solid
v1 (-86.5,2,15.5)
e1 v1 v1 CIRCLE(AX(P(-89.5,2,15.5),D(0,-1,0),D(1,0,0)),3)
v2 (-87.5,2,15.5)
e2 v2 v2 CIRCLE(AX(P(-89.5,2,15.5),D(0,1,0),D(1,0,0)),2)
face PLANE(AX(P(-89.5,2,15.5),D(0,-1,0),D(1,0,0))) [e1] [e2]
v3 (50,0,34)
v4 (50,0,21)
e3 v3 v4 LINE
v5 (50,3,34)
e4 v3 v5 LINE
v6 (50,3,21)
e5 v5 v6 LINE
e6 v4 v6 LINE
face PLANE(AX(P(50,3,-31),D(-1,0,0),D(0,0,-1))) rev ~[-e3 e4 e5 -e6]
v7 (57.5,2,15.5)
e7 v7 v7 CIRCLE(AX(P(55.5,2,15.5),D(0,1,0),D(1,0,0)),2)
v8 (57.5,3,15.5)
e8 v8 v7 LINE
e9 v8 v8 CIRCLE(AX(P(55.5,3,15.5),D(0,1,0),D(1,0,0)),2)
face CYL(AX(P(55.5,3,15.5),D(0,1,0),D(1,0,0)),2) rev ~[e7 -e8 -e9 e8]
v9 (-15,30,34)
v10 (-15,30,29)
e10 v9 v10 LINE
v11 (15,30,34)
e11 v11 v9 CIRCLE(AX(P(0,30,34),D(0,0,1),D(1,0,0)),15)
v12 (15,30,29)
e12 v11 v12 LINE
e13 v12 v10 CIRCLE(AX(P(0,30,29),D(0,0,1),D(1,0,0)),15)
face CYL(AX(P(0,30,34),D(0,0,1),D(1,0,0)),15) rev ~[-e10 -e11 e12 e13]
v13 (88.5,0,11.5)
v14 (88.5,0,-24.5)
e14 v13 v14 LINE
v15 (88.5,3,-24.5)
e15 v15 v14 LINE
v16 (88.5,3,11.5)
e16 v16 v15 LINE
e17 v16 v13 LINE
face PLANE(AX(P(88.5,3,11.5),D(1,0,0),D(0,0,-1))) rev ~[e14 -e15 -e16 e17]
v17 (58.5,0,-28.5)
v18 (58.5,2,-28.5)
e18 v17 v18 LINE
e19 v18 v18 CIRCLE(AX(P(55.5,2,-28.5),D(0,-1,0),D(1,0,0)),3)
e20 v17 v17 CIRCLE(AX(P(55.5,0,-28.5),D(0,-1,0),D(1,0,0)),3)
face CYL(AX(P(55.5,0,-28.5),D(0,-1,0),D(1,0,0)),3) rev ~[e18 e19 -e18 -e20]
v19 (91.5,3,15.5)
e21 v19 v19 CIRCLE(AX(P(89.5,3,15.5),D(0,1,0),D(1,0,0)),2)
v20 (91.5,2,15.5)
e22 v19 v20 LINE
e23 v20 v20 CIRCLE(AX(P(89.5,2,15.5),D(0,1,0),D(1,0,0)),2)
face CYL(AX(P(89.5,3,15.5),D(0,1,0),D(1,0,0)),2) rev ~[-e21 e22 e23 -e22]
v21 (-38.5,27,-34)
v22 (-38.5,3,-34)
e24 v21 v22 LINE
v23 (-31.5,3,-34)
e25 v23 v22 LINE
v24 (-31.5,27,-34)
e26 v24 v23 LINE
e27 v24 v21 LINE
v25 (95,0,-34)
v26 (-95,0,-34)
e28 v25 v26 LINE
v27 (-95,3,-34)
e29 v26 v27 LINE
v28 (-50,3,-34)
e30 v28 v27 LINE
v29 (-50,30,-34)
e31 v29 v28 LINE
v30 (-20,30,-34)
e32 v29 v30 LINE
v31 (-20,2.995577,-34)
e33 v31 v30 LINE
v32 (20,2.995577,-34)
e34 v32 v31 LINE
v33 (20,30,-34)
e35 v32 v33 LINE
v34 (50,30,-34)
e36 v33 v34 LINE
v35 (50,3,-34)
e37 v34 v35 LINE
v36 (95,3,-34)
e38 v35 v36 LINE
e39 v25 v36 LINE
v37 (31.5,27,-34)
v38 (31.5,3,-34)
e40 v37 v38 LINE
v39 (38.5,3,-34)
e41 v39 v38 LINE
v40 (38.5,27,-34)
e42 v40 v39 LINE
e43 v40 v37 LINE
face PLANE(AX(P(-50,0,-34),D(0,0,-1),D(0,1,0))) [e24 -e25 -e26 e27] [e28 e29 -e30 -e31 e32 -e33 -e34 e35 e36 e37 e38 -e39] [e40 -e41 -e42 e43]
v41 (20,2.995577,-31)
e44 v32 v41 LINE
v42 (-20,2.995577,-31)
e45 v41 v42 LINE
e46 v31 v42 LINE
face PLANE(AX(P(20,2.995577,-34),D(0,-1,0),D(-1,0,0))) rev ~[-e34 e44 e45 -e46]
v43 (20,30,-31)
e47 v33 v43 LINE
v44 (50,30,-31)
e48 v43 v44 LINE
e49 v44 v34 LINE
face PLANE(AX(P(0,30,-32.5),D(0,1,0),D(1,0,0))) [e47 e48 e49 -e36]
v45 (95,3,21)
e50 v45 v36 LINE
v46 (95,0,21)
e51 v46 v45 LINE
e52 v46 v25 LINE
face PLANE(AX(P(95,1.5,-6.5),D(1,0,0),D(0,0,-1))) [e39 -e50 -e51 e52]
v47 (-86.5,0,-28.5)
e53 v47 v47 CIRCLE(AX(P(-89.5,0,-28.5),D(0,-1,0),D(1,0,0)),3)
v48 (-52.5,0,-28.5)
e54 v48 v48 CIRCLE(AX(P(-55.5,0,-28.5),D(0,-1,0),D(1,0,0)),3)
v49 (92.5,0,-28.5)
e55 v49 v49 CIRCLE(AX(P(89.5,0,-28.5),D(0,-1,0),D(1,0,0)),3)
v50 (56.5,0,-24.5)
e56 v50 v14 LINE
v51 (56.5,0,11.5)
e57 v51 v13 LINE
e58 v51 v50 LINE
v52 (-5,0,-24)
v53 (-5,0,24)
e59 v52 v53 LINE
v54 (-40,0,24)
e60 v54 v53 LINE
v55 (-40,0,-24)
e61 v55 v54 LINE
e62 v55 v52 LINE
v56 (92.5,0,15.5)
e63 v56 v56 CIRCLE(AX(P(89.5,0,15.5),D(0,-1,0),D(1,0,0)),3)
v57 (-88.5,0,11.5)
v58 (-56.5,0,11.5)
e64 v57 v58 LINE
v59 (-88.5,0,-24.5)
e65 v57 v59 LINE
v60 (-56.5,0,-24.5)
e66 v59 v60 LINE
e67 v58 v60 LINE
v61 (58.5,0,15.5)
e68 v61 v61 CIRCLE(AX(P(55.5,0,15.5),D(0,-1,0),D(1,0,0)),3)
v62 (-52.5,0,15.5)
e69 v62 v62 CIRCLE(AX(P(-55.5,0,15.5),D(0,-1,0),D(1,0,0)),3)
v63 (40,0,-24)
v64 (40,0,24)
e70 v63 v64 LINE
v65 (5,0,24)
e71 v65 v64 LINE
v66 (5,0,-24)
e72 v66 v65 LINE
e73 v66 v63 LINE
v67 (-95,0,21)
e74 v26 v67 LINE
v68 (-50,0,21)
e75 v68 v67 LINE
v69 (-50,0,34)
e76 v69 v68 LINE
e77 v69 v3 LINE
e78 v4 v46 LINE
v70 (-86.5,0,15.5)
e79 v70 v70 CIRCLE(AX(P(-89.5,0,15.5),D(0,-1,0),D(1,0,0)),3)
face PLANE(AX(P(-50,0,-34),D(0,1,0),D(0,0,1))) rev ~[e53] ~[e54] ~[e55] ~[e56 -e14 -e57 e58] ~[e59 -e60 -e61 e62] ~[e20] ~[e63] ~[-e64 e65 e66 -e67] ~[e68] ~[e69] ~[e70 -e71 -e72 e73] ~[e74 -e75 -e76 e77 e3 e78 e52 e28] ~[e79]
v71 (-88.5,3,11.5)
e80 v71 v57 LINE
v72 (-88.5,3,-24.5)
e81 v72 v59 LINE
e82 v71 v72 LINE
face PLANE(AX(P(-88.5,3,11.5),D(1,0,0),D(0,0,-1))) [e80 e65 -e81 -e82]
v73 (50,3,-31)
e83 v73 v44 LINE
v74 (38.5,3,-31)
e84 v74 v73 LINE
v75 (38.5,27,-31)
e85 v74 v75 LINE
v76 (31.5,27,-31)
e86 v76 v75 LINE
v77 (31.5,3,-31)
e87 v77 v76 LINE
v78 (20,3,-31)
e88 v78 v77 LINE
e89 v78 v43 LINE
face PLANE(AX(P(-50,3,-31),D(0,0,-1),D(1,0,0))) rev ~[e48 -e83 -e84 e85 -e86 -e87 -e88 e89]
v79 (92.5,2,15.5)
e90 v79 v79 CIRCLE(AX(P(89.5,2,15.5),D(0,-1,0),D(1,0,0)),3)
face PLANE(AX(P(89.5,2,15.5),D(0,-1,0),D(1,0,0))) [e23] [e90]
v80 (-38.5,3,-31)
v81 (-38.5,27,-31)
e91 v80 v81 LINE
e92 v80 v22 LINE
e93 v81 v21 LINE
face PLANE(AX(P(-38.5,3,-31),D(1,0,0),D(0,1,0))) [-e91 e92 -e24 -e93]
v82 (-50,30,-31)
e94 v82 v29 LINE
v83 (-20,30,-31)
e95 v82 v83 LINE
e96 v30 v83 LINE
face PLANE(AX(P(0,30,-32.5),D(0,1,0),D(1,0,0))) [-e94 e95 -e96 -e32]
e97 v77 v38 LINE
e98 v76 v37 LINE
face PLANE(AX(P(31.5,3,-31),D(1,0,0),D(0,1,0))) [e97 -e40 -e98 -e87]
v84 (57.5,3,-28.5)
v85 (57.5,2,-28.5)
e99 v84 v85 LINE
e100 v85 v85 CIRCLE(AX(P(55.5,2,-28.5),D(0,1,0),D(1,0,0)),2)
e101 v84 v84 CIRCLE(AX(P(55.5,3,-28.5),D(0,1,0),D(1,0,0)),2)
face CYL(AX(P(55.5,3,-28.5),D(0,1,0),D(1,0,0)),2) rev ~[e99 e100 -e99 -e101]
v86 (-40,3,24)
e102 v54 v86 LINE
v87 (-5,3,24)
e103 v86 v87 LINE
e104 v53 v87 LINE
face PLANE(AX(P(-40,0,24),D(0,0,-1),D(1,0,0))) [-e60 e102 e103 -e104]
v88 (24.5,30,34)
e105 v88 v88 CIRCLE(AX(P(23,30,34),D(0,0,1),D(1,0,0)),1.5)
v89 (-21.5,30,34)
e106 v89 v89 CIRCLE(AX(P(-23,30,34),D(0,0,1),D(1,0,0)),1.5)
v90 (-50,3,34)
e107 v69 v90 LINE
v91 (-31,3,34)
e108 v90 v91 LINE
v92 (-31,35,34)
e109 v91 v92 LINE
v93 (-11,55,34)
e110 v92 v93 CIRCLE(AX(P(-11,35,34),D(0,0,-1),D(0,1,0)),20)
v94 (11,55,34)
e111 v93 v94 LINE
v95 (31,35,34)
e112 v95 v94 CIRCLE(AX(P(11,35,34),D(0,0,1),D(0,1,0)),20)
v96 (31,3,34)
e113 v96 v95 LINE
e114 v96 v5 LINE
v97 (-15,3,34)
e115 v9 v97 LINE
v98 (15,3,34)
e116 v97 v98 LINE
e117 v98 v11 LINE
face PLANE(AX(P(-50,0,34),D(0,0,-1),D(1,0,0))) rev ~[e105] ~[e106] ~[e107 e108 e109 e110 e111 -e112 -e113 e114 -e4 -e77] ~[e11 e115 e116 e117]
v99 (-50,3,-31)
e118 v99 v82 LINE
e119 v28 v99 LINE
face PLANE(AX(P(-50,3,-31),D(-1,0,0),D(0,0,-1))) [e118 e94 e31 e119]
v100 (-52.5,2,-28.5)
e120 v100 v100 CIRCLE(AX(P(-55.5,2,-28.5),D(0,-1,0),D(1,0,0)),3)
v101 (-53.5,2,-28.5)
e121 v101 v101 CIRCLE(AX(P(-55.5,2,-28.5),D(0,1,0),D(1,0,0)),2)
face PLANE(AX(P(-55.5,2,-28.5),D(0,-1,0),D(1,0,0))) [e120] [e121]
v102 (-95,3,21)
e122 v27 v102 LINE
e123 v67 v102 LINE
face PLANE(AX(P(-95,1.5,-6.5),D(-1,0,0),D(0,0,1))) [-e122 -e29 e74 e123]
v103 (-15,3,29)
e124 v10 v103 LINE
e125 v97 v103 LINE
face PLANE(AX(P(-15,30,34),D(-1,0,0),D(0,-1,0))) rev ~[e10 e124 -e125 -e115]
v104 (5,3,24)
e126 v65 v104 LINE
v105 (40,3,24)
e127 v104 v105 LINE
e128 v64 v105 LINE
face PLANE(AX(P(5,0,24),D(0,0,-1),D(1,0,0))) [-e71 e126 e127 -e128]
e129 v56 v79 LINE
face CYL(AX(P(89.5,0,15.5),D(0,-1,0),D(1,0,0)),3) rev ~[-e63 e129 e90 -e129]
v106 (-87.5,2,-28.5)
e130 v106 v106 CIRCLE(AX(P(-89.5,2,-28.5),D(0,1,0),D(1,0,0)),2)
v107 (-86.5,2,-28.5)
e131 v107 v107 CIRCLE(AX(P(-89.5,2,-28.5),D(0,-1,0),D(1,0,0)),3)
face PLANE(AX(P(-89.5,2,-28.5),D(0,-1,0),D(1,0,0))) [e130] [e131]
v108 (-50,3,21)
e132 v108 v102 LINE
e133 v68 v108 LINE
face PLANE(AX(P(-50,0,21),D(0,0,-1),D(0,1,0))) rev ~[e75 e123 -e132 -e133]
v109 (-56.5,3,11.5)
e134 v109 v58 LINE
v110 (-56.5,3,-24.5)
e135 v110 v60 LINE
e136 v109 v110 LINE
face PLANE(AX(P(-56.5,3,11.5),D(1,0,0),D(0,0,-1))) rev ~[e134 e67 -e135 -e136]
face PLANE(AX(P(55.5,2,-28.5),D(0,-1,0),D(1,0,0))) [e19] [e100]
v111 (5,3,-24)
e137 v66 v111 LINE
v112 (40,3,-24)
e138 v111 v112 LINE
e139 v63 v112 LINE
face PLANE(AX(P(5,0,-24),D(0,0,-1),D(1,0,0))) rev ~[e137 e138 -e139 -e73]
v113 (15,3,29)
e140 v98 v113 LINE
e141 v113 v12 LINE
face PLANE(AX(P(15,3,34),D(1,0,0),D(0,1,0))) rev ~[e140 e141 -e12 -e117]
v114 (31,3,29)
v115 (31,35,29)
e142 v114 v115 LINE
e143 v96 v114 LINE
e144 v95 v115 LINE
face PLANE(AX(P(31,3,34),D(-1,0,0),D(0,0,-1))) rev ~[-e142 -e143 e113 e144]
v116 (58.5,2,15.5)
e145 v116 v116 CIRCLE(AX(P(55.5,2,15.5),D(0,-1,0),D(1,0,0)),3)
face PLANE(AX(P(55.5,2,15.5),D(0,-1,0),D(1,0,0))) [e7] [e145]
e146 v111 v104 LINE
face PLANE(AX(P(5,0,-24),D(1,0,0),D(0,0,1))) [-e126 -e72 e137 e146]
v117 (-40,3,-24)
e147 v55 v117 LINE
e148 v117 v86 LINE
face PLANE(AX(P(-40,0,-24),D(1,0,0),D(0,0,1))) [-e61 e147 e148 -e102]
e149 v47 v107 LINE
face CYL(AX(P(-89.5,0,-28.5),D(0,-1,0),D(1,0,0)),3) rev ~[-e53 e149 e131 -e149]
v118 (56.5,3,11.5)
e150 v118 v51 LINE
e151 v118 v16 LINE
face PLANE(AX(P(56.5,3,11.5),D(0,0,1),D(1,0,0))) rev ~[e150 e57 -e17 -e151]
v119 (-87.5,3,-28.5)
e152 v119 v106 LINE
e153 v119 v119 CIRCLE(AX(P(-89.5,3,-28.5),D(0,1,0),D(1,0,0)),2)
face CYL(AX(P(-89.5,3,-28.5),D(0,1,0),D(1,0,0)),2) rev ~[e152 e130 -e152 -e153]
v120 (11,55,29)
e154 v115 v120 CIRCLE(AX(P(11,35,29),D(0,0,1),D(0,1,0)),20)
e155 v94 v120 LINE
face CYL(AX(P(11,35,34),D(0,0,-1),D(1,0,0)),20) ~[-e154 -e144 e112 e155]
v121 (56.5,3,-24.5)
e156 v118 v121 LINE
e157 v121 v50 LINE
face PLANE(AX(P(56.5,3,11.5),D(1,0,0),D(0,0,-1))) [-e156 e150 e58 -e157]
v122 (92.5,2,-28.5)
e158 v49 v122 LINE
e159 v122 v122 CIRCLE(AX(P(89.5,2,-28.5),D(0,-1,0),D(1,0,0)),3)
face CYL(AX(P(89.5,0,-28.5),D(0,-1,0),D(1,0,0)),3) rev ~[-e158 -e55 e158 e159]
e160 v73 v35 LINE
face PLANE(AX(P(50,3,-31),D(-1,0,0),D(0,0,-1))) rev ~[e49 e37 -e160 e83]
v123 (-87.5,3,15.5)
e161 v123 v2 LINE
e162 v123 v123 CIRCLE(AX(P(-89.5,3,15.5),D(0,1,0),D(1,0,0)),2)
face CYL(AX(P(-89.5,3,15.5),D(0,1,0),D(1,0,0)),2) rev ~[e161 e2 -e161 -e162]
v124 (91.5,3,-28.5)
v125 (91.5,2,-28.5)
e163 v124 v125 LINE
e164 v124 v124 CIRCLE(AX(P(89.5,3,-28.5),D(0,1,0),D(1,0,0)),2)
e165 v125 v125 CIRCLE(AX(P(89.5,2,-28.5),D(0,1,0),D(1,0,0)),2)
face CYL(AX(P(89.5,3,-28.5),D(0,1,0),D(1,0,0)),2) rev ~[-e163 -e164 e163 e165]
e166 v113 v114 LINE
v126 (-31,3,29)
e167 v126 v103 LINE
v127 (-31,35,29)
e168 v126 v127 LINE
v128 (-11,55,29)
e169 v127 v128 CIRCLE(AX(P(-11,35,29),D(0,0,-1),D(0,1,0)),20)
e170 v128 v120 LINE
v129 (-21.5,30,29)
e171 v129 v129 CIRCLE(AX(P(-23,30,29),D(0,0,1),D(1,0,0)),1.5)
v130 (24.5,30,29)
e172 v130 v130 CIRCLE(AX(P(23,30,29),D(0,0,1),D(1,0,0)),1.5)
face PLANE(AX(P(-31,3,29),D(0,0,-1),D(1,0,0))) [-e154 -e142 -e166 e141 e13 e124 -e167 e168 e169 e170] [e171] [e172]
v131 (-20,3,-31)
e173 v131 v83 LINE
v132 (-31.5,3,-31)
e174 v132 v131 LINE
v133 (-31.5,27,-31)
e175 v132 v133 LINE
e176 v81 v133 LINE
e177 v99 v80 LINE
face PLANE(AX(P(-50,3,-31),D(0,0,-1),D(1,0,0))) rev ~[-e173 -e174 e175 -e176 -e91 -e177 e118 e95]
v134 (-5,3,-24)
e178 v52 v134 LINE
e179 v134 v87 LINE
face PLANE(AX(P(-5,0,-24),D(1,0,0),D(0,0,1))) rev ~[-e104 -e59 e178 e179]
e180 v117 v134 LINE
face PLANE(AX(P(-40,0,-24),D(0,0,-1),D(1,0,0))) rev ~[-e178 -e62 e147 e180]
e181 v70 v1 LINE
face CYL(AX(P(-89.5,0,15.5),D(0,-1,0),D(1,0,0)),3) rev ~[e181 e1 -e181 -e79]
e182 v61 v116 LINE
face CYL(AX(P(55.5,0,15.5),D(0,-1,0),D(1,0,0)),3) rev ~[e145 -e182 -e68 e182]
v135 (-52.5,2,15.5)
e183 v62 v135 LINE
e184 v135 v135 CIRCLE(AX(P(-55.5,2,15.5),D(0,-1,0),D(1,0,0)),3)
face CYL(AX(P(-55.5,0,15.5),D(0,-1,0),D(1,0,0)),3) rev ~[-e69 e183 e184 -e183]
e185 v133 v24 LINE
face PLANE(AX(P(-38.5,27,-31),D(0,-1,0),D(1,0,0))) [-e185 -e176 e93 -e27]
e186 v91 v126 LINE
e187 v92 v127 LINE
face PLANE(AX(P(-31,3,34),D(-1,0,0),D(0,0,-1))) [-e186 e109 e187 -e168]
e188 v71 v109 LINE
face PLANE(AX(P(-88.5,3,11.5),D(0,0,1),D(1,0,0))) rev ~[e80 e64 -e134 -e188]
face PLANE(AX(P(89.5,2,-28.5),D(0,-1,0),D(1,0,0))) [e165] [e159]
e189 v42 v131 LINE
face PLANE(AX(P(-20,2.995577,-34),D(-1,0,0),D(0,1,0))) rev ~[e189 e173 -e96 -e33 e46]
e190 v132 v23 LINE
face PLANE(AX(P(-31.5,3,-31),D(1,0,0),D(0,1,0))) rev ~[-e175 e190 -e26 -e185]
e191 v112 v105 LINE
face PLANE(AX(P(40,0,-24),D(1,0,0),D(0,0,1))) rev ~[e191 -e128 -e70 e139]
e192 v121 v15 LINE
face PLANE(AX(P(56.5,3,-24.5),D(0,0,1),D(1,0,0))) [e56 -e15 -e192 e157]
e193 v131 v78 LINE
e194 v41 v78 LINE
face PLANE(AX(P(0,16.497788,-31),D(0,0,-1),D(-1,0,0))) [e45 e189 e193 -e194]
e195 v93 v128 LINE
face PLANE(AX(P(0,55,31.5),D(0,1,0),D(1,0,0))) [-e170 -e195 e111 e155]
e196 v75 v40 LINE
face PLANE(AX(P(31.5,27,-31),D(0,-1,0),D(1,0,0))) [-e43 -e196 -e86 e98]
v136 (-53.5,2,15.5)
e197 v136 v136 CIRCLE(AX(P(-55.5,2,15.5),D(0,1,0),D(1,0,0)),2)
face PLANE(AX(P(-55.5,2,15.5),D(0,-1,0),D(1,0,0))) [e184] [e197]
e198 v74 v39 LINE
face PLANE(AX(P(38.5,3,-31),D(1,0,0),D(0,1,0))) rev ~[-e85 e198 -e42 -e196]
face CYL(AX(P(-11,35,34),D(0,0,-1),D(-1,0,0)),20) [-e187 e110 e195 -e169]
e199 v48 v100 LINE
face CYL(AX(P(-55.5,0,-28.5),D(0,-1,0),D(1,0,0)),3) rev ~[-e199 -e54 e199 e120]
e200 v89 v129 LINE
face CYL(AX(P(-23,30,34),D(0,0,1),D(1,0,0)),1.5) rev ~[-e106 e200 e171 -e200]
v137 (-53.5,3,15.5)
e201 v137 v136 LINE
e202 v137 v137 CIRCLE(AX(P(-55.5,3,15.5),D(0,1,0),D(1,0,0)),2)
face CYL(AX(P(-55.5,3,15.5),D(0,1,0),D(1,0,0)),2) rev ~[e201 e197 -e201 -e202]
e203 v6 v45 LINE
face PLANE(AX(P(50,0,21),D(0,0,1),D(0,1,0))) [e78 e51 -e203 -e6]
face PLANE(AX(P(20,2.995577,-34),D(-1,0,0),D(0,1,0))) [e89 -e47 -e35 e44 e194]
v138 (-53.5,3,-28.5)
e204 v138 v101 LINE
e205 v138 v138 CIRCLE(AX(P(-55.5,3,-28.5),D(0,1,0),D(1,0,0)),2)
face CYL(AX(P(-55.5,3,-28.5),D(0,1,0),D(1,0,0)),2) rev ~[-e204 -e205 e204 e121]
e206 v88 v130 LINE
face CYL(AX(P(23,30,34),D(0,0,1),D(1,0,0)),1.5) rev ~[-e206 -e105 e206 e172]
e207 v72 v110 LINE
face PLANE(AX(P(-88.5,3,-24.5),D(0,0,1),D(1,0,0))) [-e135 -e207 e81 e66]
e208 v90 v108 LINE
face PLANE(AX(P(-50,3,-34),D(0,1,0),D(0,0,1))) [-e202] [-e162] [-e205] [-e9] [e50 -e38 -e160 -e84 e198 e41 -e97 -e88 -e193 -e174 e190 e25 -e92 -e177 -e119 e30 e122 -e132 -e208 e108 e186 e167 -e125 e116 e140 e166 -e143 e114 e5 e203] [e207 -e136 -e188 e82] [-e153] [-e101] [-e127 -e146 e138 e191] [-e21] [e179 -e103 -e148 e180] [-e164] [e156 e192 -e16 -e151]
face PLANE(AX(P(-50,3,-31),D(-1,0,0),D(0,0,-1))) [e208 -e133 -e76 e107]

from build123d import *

# Parameters (mm, degrees)
SKETCH_1_W          = 100
SKETCH_1_H          = 68
EXTRUDE_1_DEPTH     = 3
SKETCH_2_W          = 100
SKETCH_2_H          = 3
EXTRUDE_2_DEPTH     = 27
SKETCH_3_W          = 7
SKETCH_3_H          = 24
CUT_EXTRUDE_2_DEPTH = 27
SKETCH_4_W          = 62
SKETCH_4_H          = 5
EXTRUDE_3_DEPTH     = 52
SKETCH_5_R          = 1.5
CUT_EXTRUDE_4_DEPTH = 5
SKETCH_7_W          = 35
SKETCH_7_H          = 48
CUT_EXTRUDE_5_DEPTH = 3
SKETCH_8_W          = 55
SKETCH_8_H          = 3
EXTRUDE_4_DEPTH     = 45
SKETCH_11_W         = 55
SKETCH_11_H         = 3
EXTRUDE_5_DEPTH     = 45
SKETCH_10_R         = 2
SKETCH_10_W         = 32
SKETCH_10_H         = 36
CUT_EXTRUDE_6_DEPTH = 45
SKETCH_12_R         = 3
CUT_EXTRUDE_7_DEPTH = 2
SKETCH_13_W         = 40
SKETCH_13_H         = 27.004423226
CUT_EXTRUDE_8_DEPTH = 3
FILLET_1_R          = 20


with BuildPart() as part:
    # 스케치1 → 보스-돌출1 (new body)
    with BuildSketch(Plane(origin=(0, 0, 0), x_dir=(1, 0, 0), z_dir=(0, 1, 0))):
        Rectangle(SKETCH_1_W, SKETCH_1_H)
    extrude(amount=EXTRUDE_1_DEPTH)

    # 스케치2 → 보스-돌출2 (add)
    with BuildSketch(Plane(origin=(0, 3, 0), x_dir=(1, 0, 0), z_dir=(0, 1, 0))):
        with Locations((0, 32.5)):
            Rectangle(SKETCH_2_W, SKETCH_2_H)
    extrude(amount=EXTRUDE_2_DEPTH)

    # 스케치3 → 컷-돌출2 (cut)
    with BuildSketch(Plane.XY.offset(-31)):
        with Locations((-35, 15)):
            Rectangle(SKETCH_3_W, SKETCH_3_H)
        with Locations((35, 15)):
            Rectangle(SKETCH_3_W, SKETCH_3_H)
    extrude(amount=-CUT_EXTRUDE_2_DEPTH, mode=Mode.SUBTRACT)

    # 스케치4 → 보스-돌출3 (add)
    with BuildSketch(Plane(origin=(0, 3, 0), x_dir=(1, 0, 0), z_dir=(0, 1, 0))):
        with Locations((0, -31.5)):
            Rectangle(SKETCH_4_W, SKETCH_4_H)
    extrude(amount=EXTRUDE_3_DEPTH)

    # 스케치5 → 컷-돌출4 (cut)
    with BuildSketch(Plane.XY.offset(34)):
        with Locations((-23, 30)):
            Circle(SKETCH_5_R)
        with Locations((23, 30)):
            Circle(SKETCH_5_R)
        with BuildLine():
            Line((-15, 30), (-15, 3))
            Line((-15, 3), (15, 3))
            Line((15, 3), (15, 30))
            ThreePointArc((15, 30), (0, 45), (-15, 30))
        make_face()
    extrude(amount=-CUT_EXTRUDE_4_DEPTH, mode=Mode.SUBTRACT)

    # 스케치7 → 컷-돌출5 (cut)
    with BuildSketch(Plane.XZ):
        with Locations((22.5, 0)):
            Rectangle(SKETCH_7_W, SKETCH_7_H)
        with Locations((-22.5, 0)):
            Rectangle(SKETCH_7_W, SKETCH_7_H)
    extrude(amount=-CUT_EXTRUDE_5_DEPTH, mode=Mode.SUBTRACT)

    # 스케치8 → 보스-돌출4 (add)
    with BuildSketch(Plane(origin=(50, 0, 0), x_dir=(0, 0, -1), z_dir=(1, 0, 0))):
        with Locations((6.5, 1.5)):
            Rectangle(SKETCH_8_W, SKETCH_8_H)
    extrude(amount=EXTRUDE_4_DEPTH)

    # 스케치11 → 보스-돌출5 (add)
    with BuildSketch(Plane.ZY.offset(50)):
        with Locations((-6.5, 1.5)):
            Rectangle(SKETCH_11_W, SKETCH_11_H)
    extrude(amount=EXTRUDE_5_DEPTH)

    # 스케치10 → 컷-돌출6 (cut)
    with BuildSketch(Plane(origin=(0, 3, 0), x_dir=(1, 0, 0), z_dir=(0, 1, 0))):
        with Locations((55.5, -15.5)):
            Circle(SKETCH_10_R)
        with Locations((55.5, 28.5)):
            Circle(SKETCH_10_R)
        with Locations((89.5, 28.5)):
            Circle(SKETCH_10_R)
        with Locations((89.5, -15.5)):
            Circle(SKETCH_10_R)
        with Locations((-89.5, -15.5)):
            Circle(SKETCH_10_R)
        with Locations((-55.5, -15.5)):
            Circle(SKETCH_10_R)
        with Locations((-55.5, 28.5)):
            Circle(SKETCH_10_R)
        with Locations((-89.5, 28.5)):
            Circle(SKETCH_10_R)
        with Locations((72.5, 6.5)):
            Rectangle(SKETCH_10_W, SKETCH_10_H)
        with Locations((-72.5, 6.5)):
            Rectangle(SKETCH_10_W, SKETCH_10_H)
    extrude(amount=-CUT_EXTRUDE_6_DEPTH, mode=Mode.SUBTRACT)

    # 스케치12 → 컷-돌출7 (cut)
    with BuildSketch(Plane.XZ):
        with Locations((89.5, -28.5)):
            Circle(SKETCH_12_R)
        with Locations((89.5, 15.5)):
            Circle(SKETCH_12_R)
        with Locations((55.5, 15.5)):
            Circle(SKETCH_12_R)
        with Locations((55.5, -28.5)):
            Circle(SKETCH_12_R)
        with Locations((-89.5, 15.5)):
            Circle(SKETCH_12_R)
        with Locations((-55.5, 15.5)):
            Circle(SKETCH_12_R)
        with Locations((-55.5, -28.5)):
            Circle(SKETCH_12_R)
        with Locations((-89.5, -28.5)):
            Circle(SKETCH_12_R)
    extrude(amount=-CUT_EXTRUDE_7_DEPTH, mode=Mode.SUBTRACT)

    # 스케치13 → 컷-돌출8 (cut)
    with BuildSketch(Plane(origin=(0, 0, -34), x_dir=(-1, 0, 0), z_dir=(0, 0, -1))):
        with Locations((0, 16.497788387)):
            Rectangle(SKETCH_13_W, SKETCH_13_H)
    extrude(amount=-CUT_EXTRUDE_8_DEPTH, mode=Mode.SUBTRACT)

    # 필렛1
    fillet_1_edges = [part.edges().sort_by_distance(p)[0] for p in [
        (31, 55, 31.5),
        (-31, 55, 31.5),
    ]]
    fillet(fillet_1_edges, radius=FILLET_1_R)


solid = part.part
